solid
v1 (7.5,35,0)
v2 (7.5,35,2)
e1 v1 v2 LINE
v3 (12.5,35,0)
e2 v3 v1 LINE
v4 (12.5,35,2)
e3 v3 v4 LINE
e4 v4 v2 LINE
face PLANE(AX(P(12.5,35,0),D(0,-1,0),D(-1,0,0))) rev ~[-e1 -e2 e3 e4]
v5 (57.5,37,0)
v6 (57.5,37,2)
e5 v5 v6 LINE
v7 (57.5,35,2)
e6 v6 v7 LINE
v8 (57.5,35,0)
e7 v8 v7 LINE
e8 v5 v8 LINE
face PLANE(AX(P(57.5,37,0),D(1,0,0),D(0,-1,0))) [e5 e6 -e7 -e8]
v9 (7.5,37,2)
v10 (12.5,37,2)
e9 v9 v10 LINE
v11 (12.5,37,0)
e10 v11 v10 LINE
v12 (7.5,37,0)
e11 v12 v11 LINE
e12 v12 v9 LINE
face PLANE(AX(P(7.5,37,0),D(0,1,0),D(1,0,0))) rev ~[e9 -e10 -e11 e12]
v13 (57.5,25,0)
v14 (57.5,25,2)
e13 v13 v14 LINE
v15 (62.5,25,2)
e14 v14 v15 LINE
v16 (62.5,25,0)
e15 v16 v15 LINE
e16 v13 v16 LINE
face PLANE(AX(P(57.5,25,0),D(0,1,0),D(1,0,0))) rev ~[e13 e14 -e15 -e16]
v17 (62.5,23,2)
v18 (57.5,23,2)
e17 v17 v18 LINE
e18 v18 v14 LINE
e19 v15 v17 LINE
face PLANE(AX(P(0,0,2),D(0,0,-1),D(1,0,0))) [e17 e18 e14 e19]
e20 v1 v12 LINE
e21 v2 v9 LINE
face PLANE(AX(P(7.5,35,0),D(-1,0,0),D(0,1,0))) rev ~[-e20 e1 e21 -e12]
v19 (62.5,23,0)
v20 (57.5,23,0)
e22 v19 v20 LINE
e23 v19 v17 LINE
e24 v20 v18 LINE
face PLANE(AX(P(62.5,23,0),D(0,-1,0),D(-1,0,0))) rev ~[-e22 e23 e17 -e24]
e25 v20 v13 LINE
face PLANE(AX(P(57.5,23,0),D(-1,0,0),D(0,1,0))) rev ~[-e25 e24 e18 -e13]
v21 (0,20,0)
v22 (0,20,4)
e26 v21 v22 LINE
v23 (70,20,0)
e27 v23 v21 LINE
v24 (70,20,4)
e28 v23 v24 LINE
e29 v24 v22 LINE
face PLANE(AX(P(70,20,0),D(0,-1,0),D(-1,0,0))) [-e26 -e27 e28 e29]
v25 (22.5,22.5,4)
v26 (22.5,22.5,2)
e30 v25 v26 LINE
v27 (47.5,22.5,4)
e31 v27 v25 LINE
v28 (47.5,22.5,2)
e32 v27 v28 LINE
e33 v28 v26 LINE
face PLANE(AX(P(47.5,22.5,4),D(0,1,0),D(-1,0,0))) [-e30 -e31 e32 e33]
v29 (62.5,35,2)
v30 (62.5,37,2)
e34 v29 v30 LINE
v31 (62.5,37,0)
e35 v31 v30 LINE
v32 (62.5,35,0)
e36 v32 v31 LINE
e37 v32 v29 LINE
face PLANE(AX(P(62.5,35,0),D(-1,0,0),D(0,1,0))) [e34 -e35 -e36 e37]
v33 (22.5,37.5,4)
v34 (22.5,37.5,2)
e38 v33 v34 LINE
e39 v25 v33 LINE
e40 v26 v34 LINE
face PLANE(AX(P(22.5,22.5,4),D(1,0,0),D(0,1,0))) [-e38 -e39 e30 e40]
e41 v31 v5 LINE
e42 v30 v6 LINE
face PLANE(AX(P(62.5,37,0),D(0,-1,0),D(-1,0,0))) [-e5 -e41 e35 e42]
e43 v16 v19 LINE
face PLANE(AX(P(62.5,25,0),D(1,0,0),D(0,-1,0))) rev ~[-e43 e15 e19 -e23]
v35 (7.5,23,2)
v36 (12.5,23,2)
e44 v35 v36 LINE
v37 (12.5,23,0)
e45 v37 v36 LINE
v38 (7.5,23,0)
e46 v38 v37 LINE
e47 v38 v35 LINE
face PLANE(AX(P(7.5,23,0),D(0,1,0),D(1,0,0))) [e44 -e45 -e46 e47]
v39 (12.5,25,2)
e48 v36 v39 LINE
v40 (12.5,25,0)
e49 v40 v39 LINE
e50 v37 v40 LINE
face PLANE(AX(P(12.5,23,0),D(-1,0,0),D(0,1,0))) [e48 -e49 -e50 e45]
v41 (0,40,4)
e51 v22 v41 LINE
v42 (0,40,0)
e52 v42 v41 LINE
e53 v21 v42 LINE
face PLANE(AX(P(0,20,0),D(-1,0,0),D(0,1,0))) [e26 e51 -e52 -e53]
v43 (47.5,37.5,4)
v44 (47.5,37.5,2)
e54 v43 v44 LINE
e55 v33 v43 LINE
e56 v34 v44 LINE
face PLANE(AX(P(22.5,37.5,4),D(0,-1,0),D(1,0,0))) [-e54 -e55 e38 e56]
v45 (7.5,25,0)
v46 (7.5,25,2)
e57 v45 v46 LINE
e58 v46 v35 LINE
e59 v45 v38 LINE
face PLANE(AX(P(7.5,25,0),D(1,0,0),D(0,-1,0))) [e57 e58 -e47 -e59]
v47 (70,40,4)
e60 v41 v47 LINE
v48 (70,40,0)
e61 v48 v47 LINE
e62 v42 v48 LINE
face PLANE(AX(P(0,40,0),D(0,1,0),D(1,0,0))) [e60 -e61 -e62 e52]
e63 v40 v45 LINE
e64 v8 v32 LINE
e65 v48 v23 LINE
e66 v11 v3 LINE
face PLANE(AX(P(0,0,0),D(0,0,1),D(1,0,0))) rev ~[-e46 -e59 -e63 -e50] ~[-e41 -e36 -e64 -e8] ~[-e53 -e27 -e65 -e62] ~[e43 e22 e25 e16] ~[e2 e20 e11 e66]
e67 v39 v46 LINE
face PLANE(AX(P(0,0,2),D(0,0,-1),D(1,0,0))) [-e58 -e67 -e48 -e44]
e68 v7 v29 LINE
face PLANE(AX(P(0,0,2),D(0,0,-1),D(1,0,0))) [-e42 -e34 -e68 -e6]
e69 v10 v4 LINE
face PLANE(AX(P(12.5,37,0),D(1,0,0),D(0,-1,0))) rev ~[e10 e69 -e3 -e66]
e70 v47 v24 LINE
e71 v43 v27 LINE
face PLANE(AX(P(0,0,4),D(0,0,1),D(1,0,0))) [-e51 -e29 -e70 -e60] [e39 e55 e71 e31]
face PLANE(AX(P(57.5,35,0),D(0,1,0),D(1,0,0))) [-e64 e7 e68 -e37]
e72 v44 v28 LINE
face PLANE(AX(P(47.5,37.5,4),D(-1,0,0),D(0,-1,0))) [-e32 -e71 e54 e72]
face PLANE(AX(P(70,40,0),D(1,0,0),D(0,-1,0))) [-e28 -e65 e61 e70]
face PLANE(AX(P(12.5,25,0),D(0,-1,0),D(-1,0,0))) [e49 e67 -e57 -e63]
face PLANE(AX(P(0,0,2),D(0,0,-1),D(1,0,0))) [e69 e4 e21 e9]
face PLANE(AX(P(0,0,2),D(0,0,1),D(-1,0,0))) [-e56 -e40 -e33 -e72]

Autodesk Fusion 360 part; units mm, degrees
sketch "Esquisse1" plane through (0, 0, 0) normal (0, 0, 1) x (1, 0, 0)
  line L0 (0, 40) -> (70, 40)
  line L1 (70, 40) -> (70, 20)
  line L2 (70, 20) -> (0, 20)
  line L3 (0, 20) -> (0, 40)
  dimension "d1" = 70
  dimension "d2" = 20
extrude "Extrusion1" add sketch "Esquisse1" along normal blind 4
sketch "Esquisse2" plane through (0, 0, 0) normal (0, 0, -1) x (1, 0, 0)
  line L0 (70, -20) -> (0, -20)
  line L1 (0, -20) -> (0, -40)
  line L2 (0, -40) -> (70, -40)
  line L3 (70, -40) -> (70, -20)
  line L4 (7.5, -23) -> (12.5, -23)
  line L5 (12.5, -23) -> (12.5, -25)
  line L6 (12.5, -25) -> (7.5, -25)
  line L7 (7.5, -25) -> (7.5, -23)
  line L8 (10, -23) -> (10, -25) construction
  line L9 (35, -20) -> (35, -40) construction
  line L10 (57.5, -23) -> (57.5, -25)
  line L11 (62.5, -23) -> (57.5, -23)
  line L12 (62.5, -25) -> (62.5, -23)
  line L13 (57.5, -25) -> (62.5, -25)
  line L14 (0, -30) -> (70, -30) construction
  line L15 (7.5, -37) -> (12.5, -37)
  line L16 (12.5, -37) -> (12.5, -35)
  line L17 (12.5, -35) -> (7.5, -35)
  line L18 (7.5, -35) -> (7.5, -37)
  line L19 (62.5, -37) -> (57.5, -37)
  line L20 (62.5, -35) -> (62.5, -37)
  line L21 (57.5, -35) -> (62.5, -35)
  line L22 (57.5, -37) -> (57.5, -35)
  dimension "d5" = 25
extrude "Extrusion2" cut sketch "Esquisse2" against normal blind 2 contours L4 L5 L6 L7 | L10 L11 L12 L13 | L15 L16 L17 L18 | L19 L20 L21 L22
sketch "Esquisse3" plane through (0, 0, 4) normal (0, 0, 1) x (-1, 0, 0)
  line L0 (0, -20) -> (-70, -20)
  line L1 (-70, -20) -> (-70, -40)
  line L2 (-70, -40) -> (0, -40)
  line L3 (0, -40) -> (0, -20)
  line L4 (-22.5, -37.5) -> (-47.5, -37.5)
  line L5 (-47.5, -37.5) -> (-47.5, -22.5)
  line L6 (-47.5, -22.5) -> (-22.5, -22.5)
  line L7 (-22.5, -22.5) -> (-22.5, -37.5)
  line L8 (0, -30) -> (-70, -30) construction
  line L9 (-35, -40) -> (-35, -20) construction
  dimension "d8" = 25
  dimension "d9" = 15
extrude "Extrusion3" cut sketch "Esquisse3" against normal blind 2 contours L4 L5 L6 L7
